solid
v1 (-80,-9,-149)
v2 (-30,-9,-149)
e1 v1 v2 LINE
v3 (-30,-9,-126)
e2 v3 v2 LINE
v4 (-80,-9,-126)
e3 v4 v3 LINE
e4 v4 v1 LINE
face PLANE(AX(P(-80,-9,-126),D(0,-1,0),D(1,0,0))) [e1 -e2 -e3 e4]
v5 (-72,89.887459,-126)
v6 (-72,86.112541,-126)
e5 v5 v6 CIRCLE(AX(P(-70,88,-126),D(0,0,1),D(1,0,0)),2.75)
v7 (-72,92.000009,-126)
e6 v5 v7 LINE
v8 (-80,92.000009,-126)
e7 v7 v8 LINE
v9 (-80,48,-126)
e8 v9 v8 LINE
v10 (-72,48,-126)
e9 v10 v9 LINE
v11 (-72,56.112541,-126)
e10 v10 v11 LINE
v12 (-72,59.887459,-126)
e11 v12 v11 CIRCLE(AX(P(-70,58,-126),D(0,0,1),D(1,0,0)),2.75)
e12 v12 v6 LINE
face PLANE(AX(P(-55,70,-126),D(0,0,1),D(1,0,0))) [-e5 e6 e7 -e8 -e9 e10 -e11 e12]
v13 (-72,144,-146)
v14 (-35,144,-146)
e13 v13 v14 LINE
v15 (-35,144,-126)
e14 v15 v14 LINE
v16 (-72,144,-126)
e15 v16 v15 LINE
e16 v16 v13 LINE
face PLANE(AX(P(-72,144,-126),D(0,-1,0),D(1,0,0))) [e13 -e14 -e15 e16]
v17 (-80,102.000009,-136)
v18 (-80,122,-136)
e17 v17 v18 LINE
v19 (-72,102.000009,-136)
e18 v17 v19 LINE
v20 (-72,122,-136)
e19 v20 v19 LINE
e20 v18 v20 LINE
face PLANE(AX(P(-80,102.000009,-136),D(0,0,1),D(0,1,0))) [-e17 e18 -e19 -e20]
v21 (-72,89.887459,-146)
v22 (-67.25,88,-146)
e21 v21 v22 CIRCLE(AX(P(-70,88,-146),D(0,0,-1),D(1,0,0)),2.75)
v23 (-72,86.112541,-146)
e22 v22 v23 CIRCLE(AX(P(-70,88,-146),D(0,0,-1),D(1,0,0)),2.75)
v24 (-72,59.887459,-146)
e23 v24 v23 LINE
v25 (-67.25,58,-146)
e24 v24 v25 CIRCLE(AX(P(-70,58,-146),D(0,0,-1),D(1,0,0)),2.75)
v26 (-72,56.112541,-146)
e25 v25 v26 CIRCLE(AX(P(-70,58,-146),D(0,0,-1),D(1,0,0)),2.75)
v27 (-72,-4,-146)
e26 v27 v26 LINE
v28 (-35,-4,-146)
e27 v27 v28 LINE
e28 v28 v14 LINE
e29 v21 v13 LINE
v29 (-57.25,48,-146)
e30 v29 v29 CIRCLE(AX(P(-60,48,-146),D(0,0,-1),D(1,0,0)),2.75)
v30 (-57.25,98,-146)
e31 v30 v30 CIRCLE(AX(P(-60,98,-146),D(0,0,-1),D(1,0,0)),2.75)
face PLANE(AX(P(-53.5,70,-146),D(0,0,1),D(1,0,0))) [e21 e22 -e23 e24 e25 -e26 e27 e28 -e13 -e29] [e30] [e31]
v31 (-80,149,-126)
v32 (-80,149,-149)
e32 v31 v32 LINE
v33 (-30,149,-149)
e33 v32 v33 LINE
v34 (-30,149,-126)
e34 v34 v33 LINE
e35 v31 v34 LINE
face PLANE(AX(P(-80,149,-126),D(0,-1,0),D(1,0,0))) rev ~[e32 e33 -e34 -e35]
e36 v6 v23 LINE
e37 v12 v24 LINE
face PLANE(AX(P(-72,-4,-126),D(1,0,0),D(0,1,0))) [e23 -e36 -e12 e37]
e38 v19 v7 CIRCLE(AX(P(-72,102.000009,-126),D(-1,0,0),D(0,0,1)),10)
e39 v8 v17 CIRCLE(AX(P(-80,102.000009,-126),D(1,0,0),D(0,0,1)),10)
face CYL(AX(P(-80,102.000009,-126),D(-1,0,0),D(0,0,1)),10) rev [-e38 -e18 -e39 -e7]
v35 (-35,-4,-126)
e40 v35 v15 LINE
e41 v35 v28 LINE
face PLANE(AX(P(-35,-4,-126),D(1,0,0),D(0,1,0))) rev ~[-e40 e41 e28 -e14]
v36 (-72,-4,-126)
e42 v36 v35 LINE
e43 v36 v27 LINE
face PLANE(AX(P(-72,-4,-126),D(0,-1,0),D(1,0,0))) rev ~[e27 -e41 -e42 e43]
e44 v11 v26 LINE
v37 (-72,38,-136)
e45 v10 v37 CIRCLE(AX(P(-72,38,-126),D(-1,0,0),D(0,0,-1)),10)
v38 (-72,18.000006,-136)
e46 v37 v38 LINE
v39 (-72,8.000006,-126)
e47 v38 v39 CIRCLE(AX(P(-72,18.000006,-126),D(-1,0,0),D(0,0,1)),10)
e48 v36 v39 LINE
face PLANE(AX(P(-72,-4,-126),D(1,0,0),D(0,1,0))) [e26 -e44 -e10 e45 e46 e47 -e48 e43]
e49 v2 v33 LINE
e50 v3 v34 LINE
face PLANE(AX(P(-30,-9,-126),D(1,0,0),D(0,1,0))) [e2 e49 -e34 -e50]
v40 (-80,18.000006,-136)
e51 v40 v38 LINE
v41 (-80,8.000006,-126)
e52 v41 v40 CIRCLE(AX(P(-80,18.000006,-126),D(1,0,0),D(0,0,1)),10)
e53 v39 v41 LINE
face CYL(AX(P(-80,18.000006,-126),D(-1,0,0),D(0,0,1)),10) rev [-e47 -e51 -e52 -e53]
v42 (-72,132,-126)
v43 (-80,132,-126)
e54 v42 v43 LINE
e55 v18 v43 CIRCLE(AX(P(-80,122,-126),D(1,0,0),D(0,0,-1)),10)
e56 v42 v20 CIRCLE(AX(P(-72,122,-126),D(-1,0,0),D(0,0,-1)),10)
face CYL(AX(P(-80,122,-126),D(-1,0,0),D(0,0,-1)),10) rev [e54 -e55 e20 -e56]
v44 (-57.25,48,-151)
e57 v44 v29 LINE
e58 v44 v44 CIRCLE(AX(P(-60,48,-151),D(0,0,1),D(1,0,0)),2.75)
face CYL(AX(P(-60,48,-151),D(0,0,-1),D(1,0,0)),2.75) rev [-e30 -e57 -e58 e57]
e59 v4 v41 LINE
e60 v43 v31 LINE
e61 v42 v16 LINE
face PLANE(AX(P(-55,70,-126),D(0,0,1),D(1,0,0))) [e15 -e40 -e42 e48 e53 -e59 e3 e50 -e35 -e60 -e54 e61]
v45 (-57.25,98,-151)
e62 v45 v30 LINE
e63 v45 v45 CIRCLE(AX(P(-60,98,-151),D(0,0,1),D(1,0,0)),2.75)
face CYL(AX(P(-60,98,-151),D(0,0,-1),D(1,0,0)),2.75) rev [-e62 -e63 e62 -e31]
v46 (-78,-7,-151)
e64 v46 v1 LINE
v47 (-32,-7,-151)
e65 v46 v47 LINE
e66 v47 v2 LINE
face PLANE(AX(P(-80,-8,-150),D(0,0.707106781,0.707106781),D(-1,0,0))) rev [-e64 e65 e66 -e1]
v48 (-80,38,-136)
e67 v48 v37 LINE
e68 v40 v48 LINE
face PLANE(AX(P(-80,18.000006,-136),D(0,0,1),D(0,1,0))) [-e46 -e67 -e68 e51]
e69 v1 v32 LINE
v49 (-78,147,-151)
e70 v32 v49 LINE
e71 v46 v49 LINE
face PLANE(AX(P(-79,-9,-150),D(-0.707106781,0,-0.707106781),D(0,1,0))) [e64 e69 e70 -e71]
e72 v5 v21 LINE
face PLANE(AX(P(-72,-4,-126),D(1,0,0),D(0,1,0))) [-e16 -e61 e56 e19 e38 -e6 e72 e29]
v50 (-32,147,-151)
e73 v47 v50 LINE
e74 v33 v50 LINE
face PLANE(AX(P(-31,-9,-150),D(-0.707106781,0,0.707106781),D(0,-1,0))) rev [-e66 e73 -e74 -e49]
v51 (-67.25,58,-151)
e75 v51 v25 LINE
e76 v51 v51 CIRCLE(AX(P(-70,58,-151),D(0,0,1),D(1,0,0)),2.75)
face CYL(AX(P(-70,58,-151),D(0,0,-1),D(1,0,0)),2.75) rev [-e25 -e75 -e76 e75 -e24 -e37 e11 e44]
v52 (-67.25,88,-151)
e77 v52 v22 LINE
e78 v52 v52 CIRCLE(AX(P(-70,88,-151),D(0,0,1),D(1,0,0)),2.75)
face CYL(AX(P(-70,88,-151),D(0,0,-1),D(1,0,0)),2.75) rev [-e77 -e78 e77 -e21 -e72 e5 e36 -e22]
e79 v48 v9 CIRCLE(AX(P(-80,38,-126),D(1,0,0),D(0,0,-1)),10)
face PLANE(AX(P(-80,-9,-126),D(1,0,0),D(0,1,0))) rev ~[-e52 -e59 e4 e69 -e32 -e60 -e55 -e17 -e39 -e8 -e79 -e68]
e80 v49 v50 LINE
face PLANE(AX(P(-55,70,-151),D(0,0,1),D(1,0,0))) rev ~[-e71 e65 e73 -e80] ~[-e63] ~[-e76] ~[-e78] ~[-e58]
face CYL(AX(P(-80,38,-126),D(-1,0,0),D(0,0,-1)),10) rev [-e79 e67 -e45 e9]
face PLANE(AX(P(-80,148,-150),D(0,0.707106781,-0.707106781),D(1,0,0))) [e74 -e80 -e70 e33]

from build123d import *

# Parameters (mm, degrees)
SKETCH021_W     = 50
SKETCH021_H     = 158
PAD008_DEPTH    = 25
SKETCH022_W     = 37
SKETCH022_H     = 148
POCKET005_DEPTH = 20
POCKET006_DEPTH = 16
SKETCH024_R     = 2.75
HOLE008_DEPTH   = 25
HOLE008_TIPS_R  = 2.75
CHAMFER002_SIZE = 2


with BuildPart() as part:
    # Sketch021 → Pad008 (new body)
    with BuildSketch(Plane.XY):
        with Locations((25, 82)):
            Rectangle(SKETCH021_W, SKETCH021_H)
    extrude(amount=-PAD008_DEPTH)

    # Sketch022 → Pocket005 (cut)
    with BuildSketch(Plane.XY):
        with Locations((26.5, 82)):
            Rectangle(SKETCH022_W, SKETCH022_H)
    extrude(amount=-POCKET005_DEPTH, mode=Mode.SUBTRACT)

    # Sketch023 → Pocket006 (cut)
    with BuildSketch(Plane.YZ):
        with BuildLine():
            ThreePointArc((30.000006, 10), (20.000006, 0), (30.000006, -10))
            Line((30.000006, -10), (50, -10))
            ThreePointArc((50, -10), (60, 0), (50, 10))
            Line((30.000006, 10), (50, 10))
        make_face()
        with BuildLine():
            ThreePointArc((114.000009, 10), (104.000009, 0), (114.000009, -10))
            Line((114.000009, -10), (134, -10))
            ThreePointArc((134, -10), (144, 0), (134, 10))
            Line((114.000009, 10), (134, 10))
        make_face()
    extrude(amount=POCKET006_DEPTH, mode=Mode.SUBTRACT)

    # Sketch024 → Hole008 (cut)
    with BuildSketch(Plane.XY.offset(-25)):
        with Locations((10, 100)):
            Circle(SKETCH024_R)
        with Locations((20, 110)):
            Circle(SKETCH024_R)
        with Locations((10, 70)):
            Circle(SKETCH024_R)
        with Locations((20, 60)):
            Circle(SKETCH024_R)
    extrude(amount=HOLE008_DEPTH, mode=Mode.SUBTRACT)

    # Hole008 tips → Hole008 tip 1 section 0
    with BuildSketch(Plane.XY, mode=Mode.PRIVATE) as hole008_tip_1_s0:
        with Locations((10, 100)):
            Circle(HOLE008_TIPS_R)
    loft([hole008_tip_1_s0.sketch, Vertex(10, 100, 1.652367)], mode=Mode.SUBTRACT)

    # Hole008 tips → Hole008 tip 2 section 0
    with BuildSketch(Plane.XY, mode=Mode.PRIVATE) as hole008_tip_2_s0:
        with Locations((20, 110)):
            Circle(HOLE008_TIPS_R)
    loft([hole008_tip_2_s0.sketch, Vertex(20, 110, 1.652367)], mode=Mode.SUBTRACT)

    # Hole008 tips → Hole008 tip 3 section 0
    with BuildSketch(Plane.XY, mode=Mode.PRIVATE) as hole008_tip_3_s0:
        with Locations((10, 70)):
            Circle(HOLE008_TIPS_R)
    loft([hole008_tip_3_s0.sketch, Vertex(10, 70, 1.652367)], mode=Mode.SUBTRACT)

    # Hole008 tips → Hole008 tip 4 section 0
    with BuildSketch(Plane.XY, mode=Mode.PRIVATE) as hole008_tip_4_s0:
        with Locations((20, 60)):
            Circle(HOLE008_TIPS_R)
    loft([hole008_tip_4_s0.sketch, Vertex(20, 60, 1.652367)], mode=Mode.SUBTRACT)

    # Chamfer002
    chamfer002_edges = [part.edges().sort_by_distance(p)[0] for p in [
        (25, 3, -25),
        (0, 82, -25),
        (25, 161, -25),
        (50, 82, -25),
    ]]
    chamfer(chamfer002_edges, length=CHAMFER002_SIZE)


with BuildPart() as part_1:
    # Body006 placement: moved
    add(part.part.moved(Location((-80, -12, -126))))


solid = part_1.part
